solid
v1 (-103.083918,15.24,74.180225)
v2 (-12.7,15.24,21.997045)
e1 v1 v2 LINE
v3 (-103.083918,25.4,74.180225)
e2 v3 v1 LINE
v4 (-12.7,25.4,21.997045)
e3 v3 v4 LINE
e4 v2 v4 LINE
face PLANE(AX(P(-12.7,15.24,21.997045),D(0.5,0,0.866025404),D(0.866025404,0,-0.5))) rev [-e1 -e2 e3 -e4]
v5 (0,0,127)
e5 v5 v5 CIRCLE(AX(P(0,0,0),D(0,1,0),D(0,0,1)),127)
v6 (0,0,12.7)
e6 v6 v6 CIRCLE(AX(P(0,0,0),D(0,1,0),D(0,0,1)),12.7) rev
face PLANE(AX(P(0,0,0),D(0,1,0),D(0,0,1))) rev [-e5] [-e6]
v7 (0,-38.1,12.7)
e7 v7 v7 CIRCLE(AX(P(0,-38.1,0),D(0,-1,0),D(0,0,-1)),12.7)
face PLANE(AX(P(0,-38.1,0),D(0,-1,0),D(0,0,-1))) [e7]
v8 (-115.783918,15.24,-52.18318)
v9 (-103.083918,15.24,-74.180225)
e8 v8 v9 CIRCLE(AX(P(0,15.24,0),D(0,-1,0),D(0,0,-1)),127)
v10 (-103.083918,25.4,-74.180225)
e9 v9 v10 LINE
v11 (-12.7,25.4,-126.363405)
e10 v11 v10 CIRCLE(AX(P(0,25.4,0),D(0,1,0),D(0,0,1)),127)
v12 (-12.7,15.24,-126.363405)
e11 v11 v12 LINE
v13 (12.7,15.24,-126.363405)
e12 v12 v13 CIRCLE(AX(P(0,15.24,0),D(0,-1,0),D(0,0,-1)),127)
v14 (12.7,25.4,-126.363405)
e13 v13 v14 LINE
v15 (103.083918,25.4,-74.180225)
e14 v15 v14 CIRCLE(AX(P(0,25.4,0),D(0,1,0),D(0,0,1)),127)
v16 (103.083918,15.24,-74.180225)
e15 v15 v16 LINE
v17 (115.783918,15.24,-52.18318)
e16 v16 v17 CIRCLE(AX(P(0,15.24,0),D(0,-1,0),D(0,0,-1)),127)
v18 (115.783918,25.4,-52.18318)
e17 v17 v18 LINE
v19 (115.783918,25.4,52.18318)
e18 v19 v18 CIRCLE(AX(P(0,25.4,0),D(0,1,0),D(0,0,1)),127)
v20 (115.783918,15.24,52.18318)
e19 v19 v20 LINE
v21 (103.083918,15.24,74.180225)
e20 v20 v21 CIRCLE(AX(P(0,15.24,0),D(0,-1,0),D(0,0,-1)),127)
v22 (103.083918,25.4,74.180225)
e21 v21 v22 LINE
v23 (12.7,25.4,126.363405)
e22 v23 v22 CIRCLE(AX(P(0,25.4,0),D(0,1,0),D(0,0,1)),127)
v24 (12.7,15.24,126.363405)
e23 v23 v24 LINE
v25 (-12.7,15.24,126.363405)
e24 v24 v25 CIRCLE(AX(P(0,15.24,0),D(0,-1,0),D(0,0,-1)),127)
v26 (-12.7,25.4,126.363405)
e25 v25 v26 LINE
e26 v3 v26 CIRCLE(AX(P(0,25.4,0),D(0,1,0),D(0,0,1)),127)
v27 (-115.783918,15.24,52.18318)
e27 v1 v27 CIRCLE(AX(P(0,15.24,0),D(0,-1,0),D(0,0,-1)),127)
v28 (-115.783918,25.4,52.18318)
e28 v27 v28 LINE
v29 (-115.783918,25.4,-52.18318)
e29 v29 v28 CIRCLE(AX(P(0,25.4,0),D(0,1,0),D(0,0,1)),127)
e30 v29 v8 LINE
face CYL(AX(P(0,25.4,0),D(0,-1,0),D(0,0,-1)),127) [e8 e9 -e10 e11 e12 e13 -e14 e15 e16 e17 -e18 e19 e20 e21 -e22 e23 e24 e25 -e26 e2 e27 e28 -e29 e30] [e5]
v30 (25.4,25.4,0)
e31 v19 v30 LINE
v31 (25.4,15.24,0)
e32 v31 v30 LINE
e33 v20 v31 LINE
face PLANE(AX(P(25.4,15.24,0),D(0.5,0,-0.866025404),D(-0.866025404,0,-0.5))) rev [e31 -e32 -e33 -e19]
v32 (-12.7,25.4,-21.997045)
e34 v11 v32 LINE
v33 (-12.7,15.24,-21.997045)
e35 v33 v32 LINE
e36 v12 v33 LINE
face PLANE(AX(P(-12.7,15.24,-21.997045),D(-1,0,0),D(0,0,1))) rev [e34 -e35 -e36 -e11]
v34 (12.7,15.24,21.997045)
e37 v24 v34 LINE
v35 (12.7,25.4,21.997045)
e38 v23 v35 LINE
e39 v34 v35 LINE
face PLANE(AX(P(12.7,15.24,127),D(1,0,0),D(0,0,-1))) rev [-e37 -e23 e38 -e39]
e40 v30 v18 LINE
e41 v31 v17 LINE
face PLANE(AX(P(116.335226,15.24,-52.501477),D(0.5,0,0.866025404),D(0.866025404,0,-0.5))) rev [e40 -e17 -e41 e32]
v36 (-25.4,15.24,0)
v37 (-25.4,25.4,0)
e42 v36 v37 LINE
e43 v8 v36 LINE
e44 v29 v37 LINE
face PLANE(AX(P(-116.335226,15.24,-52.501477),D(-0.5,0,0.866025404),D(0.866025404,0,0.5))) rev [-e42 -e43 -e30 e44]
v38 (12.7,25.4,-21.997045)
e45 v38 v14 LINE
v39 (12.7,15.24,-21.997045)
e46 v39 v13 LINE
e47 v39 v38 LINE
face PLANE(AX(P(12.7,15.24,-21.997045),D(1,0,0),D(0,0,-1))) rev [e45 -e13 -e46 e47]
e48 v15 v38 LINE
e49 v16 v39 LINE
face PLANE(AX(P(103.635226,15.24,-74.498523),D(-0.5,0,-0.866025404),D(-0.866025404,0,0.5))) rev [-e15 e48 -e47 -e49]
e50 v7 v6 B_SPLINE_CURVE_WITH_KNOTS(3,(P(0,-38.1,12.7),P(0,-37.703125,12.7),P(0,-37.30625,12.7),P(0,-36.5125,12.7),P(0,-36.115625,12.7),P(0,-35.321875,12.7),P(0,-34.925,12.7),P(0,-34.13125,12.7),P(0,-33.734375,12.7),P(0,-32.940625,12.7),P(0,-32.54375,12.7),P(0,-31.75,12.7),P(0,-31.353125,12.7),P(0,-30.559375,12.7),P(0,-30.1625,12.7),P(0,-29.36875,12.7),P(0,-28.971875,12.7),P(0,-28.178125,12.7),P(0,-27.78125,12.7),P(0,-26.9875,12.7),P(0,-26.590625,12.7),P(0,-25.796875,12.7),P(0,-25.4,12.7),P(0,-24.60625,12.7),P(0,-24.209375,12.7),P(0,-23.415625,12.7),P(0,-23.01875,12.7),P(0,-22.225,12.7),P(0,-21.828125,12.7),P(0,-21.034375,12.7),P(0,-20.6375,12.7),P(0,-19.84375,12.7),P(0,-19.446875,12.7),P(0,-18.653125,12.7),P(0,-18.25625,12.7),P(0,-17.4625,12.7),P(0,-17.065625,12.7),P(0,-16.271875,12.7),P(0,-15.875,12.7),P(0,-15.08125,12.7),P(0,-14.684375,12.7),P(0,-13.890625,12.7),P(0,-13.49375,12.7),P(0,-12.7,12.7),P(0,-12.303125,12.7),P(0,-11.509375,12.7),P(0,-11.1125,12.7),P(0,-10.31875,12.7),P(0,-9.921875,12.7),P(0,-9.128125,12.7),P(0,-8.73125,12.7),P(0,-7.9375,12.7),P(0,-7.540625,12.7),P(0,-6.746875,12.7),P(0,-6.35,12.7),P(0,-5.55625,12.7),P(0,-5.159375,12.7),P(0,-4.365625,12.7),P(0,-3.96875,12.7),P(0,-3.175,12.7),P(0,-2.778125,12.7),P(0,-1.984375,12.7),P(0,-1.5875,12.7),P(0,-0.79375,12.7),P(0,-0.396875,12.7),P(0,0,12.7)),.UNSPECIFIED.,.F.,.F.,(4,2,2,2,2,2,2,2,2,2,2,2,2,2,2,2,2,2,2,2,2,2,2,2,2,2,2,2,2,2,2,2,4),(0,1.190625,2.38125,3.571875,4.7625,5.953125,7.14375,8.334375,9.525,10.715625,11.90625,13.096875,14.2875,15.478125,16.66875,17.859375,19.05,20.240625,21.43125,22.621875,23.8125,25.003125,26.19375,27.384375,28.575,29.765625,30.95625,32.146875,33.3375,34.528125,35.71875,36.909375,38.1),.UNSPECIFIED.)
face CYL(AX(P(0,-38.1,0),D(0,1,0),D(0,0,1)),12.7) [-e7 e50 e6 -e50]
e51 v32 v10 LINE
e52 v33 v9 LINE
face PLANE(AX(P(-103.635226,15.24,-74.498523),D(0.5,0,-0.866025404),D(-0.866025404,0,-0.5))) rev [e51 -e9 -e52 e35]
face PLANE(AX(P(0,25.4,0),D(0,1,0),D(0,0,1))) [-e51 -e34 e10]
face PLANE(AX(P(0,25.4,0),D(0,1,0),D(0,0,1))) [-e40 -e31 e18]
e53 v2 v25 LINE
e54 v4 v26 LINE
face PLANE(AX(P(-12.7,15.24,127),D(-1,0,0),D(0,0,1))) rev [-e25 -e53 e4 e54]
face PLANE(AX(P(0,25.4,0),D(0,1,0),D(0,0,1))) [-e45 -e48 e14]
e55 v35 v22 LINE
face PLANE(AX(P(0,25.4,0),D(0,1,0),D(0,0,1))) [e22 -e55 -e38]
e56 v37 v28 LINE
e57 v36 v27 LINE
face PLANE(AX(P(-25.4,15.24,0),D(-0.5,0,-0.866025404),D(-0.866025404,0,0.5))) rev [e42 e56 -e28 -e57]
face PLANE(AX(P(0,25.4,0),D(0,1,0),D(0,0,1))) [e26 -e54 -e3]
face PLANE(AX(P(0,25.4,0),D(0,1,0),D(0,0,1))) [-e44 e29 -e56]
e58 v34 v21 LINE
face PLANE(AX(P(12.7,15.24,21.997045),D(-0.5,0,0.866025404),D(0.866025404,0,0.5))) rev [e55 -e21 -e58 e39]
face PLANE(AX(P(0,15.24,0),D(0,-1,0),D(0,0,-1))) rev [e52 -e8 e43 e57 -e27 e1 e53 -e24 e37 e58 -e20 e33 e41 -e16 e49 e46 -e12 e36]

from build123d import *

# Parameters (mm, degrees)
SKETCH1_R           = 127
BOSS_EXTRUDE1_DEPTH = 25.4
CUT_EXTRUDE1_DEPTH  = 10.16
SKETCH3_R           = 12.7
BOSS_EXTRUDE2_DEPTH = 38.1


with BuildPart() as part:
    # Sketch1 → Boss-Extrude1 (new body)
    with BuildSketch(Plane(origin=(0, 0, 0), x_dir=(1, 0, 0), z_dir=(0, 1, 0))):
        with Locations(Location((0, 0, 0), (0, 0, 270))):
            Circle(SKETCH1_R)
    extrude(amount=BOSS_EXTRUDE1_DEPTH)

    # Sketch2 → Cut-Extrude1 (cut)
    with BuildSketch(Plane(origin=(0, 25.4, 0), x_dir=(1, 0, 0), z_dir=(0, 1, 0))):
        Polygon((12.7, -127), (12.7, -21.997045256), (103.635226281, -74.498522628), (138.332271537, -74.498522628), (116.335226281, -52.501477372), (25.4, 0), (116.335226281, 52.501477372), (130.311019476, 77.4940315), (103.635226281, 74.498522628), (12.7, 21.997045256), (12.7, 127), (0, 157.984531472), (-12.7, 127), (-12.7, 21.997045256), (-103.635226281, 74.498522628), (-124.892355956, 78.379341128), (-116.335226281, 52.501477372), (-25.4, 0), (-116.335226281, -52.501477372), (-133.449485631, -77.846459753), (-103.635226281, -74.498522628), (-12.7, -21.997045256), (-12.7, -127), (12.7, -156.136703653), align=None)
    extrude(amount=-CUT_EXTRUDE1_DEPTH, mode=Mode.SUBTRACT)

    # Sketch3 → Boss-Extrude2 (add)
    with BuildSketch(Plane(origin=(0, 0, 0), x_dir=(-1, 0, 0), z_dir=(0, -1, 0))):
        with Locations(Location((0, 0, 0), (0, 0, 270))):
            Circle(SKETCH3_R)
    extrude(amount=BOSS_EXTRUDE2_DEPTH)


solid = part.part
